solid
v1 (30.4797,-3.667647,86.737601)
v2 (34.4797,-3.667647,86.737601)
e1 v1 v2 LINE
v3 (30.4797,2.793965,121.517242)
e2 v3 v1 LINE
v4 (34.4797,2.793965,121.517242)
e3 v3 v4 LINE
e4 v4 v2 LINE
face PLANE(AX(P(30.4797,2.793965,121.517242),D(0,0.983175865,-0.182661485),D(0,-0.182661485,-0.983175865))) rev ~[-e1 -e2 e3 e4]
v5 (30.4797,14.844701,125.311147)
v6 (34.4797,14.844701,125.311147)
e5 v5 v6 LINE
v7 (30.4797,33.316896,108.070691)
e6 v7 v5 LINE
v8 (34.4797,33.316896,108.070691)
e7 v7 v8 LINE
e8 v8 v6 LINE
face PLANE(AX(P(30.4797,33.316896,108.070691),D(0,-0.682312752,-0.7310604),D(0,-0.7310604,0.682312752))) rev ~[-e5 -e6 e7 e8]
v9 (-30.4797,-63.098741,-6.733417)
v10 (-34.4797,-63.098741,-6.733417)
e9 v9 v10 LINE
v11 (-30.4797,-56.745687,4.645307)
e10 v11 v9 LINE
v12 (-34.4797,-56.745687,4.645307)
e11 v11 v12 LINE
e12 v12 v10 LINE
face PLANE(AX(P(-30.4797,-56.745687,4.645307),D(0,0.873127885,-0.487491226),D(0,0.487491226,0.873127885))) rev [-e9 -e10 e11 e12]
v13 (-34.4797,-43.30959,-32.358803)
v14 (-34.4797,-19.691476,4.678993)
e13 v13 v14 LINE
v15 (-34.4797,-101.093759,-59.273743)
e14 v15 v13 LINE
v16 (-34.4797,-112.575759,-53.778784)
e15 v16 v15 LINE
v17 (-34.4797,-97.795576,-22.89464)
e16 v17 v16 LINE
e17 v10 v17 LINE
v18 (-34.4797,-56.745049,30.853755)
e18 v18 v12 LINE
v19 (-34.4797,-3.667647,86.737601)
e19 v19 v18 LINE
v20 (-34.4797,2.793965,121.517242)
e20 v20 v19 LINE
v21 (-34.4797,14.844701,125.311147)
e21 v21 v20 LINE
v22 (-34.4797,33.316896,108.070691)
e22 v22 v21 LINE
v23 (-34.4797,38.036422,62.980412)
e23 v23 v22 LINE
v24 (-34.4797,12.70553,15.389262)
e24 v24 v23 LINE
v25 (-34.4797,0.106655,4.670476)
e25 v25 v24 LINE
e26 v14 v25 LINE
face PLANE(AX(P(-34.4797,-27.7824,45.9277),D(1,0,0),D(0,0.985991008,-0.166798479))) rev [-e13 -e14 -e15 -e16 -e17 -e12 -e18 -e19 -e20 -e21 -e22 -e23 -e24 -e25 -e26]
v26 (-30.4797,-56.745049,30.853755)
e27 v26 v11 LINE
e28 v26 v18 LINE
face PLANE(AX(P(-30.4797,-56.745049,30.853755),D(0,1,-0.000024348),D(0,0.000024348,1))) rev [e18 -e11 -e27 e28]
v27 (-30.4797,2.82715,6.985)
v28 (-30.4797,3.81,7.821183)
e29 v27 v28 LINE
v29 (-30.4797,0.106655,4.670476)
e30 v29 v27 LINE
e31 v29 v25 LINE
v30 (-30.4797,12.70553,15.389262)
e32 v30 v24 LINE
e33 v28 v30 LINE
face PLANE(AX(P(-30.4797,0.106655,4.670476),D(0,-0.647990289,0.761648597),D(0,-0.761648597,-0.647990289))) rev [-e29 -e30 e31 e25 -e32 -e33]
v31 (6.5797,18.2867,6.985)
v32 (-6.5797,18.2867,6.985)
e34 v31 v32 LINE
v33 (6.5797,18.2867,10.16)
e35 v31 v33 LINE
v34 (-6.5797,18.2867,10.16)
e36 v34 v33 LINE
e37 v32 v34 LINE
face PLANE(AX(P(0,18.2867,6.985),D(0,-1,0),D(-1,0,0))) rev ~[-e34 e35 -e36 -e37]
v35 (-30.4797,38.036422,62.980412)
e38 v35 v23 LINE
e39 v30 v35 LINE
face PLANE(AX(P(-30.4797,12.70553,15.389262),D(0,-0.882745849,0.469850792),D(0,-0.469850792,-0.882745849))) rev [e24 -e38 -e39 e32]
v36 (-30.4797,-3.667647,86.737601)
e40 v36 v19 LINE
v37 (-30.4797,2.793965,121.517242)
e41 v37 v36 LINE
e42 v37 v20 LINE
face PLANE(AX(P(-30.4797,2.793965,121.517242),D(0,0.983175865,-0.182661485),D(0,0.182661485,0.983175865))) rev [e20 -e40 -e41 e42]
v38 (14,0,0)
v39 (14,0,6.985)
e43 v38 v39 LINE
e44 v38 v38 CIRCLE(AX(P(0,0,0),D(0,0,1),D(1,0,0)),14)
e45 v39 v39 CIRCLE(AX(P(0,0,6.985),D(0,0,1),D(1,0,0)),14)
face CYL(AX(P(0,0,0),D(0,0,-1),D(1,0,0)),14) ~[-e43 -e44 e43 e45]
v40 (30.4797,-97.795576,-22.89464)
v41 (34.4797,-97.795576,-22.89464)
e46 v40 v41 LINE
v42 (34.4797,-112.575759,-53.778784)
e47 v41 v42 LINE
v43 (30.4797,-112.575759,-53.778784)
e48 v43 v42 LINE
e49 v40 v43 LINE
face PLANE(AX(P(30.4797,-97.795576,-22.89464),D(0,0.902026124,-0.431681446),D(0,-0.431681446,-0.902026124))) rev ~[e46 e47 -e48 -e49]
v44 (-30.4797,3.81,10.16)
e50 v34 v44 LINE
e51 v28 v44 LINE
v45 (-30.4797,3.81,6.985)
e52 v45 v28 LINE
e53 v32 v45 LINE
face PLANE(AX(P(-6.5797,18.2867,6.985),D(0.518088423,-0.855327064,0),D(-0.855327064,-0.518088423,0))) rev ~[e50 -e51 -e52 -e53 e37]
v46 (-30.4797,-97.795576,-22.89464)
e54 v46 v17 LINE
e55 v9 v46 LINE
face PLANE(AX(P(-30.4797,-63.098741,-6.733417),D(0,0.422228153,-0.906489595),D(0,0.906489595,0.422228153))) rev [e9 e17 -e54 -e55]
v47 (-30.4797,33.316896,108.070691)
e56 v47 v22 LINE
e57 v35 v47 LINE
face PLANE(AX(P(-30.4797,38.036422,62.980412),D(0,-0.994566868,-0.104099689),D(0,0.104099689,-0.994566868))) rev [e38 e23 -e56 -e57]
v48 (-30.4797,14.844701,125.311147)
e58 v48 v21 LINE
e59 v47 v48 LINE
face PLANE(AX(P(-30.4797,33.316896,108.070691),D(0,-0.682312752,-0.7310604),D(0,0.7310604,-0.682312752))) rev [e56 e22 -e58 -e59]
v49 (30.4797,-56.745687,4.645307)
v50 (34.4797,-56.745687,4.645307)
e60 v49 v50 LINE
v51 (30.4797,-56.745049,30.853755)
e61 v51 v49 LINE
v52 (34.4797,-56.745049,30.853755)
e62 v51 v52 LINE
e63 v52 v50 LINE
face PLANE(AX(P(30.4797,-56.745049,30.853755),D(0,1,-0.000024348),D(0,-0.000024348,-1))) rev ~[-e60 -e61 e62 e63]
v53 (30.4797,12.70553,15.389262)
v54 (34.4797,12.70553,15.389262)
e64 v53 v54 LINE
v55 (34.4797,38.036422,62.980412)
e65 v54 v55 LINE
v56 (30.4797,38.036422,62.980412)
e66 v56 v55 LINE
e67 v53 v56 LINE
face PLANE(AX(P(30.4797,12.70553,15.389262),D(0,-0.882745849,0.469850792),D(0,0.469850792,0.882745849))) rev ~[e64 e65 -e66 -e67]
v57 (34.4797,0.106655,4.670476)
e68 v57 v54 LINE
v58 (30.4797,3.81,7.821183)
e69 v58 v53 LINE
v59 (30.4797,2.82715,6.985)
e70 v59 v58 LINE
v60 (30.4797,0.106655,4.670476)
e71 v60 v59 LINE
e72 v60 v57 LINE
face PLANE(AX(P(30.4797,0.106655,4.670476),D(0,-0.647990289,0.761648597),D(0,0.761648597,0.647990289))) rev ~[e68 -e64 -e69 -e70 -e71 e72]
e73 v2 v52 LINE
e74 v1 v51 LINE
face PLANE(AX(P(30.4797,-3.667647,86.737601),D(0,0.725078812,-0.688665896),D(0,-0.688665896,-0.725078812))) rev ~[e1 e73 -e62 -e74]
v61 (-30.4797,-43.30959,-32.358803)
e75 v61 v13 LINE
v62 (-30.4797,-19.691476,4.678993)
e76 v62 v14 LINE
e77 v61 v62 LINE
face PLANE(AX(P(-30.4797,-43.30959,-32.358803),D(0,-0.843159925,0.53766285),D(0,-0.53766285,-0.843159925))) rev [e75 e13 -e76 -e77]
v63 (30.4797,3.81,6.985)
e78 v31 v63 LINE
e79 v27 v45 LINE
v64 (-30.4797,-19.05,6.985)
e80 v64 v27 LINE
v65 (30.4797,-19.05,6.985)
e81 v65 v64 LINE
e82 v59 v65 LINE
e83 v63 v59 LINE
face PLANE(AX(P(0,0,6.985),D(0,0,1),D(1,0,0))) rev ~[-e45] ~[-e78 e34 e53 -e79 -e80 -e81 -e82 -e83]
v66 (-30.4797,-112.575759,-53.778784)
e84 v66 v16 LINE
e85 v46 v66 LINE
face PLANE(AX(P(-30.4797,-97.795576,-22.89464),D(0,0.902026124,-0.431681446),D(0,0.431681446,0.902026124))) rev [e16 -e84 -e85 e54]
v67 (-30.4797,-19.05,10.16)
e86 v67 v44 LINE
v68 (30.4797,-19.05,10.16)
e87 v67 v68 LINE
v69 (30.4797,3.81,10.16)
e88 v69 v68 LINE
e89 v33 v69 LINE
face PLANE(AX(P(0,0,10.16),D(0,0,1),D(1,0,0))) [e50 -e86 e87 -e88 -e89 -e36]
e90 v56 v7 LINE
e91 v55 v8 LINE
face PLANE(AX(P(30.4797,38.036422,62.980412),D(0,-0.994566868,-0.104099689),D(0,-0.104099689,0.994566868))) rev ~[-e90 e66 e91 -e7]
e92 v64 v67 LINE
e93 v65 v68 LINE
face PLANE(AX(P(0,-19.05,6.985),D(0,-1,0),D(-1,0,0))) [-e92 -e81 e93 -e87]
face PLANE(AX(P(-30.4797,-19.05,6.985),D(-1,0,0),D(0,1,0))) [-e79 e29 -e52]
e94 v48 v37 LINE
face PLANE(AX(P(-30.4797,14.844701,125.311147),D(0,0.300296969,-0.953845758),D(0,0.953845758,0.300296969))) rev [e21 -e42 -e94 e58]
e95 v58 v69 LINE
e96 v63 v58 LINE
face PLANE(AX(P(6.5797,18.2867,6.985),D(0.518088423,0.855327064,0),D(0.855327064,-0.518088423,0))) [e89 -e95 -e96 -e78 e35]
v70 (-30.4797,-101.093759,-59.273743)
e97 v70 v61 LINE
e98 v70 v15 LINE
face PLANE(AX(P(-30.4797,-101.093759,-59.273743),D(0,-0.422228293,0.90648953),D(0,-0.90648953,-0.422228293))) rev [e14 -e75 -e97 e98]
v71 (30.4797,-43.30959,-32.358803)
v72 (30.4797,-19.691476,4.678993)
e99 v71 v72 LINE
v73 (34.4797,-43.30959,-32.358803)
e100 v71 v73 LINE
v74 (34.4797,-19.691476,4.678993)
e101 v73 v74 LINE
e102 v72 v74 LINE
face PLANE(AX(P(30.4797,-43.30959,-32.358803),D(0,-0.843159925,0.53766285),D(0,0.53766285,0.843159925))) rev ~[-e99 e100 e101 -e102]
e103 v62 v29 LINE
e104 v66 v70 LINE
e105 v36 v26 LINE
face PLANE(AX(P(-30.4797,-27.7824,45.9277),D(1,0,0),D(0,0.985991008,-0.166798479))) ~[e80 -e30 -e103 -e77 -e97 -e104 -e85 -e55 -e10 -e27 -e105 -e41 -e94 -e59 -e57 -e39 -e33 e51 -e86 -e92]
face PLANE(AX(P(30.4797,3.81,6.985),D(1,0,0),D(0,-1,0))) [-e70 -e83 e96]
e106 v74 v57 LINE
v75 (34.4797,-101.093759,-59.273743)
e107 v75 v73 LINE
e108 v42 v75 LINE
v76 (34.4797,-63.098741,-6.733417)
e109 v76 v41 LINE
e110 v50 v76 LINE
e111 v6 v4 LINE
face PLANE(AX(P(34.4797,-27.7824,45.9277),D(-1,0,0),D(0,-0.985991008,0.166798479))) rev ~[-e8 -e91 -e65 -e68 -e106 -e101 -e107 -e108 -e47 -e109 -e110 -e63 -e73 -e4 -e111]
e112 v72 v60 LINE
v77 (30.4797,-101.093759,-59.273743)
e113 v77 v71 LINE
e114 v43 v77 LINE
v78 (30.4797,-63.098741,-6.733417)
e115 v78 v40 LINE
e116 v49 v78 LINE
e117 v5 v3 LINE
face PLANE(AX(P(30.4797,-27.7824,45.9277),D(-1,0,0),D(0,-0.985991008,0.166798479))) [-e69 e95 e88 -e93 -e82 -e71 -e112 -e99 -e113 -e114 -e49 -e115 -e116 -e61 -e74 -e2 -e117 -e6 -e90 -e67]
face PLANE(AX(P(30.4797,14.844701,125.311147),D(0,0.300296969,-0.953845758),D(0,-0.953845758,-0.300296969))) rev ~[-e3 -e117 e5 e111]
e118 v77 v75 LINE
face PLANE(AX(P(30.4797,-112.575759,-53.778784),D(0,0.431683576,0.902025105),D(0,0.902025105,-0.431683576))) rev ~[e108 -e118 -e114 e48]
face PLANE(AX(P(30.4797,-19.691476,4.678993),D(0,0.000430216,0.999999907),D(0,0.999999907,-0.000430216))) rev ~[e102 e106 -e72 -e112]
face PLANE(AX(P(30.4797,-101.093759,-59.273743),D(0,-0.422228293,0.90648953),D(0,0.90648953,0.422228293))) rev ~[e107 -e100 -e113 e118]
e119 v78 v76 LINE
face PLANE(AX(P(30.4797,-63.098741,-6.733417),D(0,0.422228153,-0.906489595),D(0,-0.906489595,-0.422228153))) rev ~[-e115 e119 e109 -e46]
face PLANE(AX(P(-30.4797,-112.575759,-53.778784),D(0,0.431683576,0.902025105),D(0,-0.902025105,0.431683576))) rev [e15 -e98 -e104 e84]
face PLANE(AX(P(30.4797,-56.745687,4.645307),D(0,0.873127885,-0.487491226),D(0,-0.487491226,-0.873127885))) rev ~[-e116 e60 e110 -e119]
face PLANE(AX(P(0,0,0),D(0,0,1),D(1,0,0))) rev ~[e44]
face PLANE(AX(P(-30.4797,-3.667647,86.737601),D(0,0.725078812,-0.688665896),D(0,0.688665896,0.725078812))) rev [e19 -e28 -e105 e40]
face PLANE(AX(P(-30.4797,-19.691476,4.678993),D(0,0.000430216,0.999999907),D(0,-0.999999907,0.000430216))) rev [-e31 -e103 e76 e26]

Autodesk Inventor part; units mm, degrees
sketch "Sketch1" plane through (0, 0, 0) normal (0, 0, 1) x (1, 0, 0)
  circle A0 centre (0, 0) radius 14
  arc A1 (-9.6844, 3.0721) -> (-9.6844, -3.0721) centre (0, 0) ccw construction
  circle A2 centre (0, 0) radius 14
ref_plane "Work Plane1" through (-24.1297, -20.1241, 6.985) normal (0, 0, -1) x (0, 1, 0)
extrude "Extrusion1" add sketch "Sketch1" along normal up to surface (6.985 mm away)
sketch "Sketch2" plane through (0, 0, 6.985) normal (0, 0, 1) x (1, 0, 0)
  line L0 (24.1297, -19.05) -> (-24.1297, -19.05) construction
  line L1 (30.4797, -4.9571) -> (30.4797, -51.5313) construction
  line L2 (-30.4797, -51.5313) -> (-30.4797, -4.9571) construction
  line L3 (-6.5797, 18.2867) -> (-30.4797, 3.81)
  line L4 (6.5797, 18.2867) -> (30.4797, 3.81)
  line L5 (30.4797, 3.81) -> (30.4797, -19.05)
  line L6 (30.4797, -19.05) -> (-30.4797, -19.05)
  line L7 (-30.4797, -19.05) -> (-30.4797, 3.81)
  line L8 (0, 141.501) -> (0, -68.047)
  arc A0 (6.5797, 18.2867) -> (-6.5797, 18.2867) centre (0, 7.4241) ccw construction
  line L9 (6.5797, 18.2867) -> (24.1297, 7.6563) construction
  line L10 (-24.1297, 7.6563) -> (-6.5797, 18.2867) construction
  line L11 (6.5797, 18.2867) -> (-6.5797, 18.2867)
  point P0 (0, 0)
  point P1 (0, -5.2759)
  point P2 (-30.4797, 16.6942)
  point P3 (-5.3196, -19.05)
ref_plane "Work Plane2" through (-24.1297, -20.1241, 10.16) normal (0, 0, 1) x (1, 0, 0)
extrude "Extrusion2" add sketch "Sketch2" along normal up to surface (3.175 mm away)
ref_plane "Work Plane3" through (30.4797, -27.7824, 45.9277) normal (-1, 0, 0) x (0, -0.986, 0.1668)
sketch "Sketch3" plane through (30.4797, -27.7824, 45.9277) normal (-1, 0, 0) x (0, -0.986, 0.1668)
  line L0 (-47.9068, 72.7646) -> (-31.8636, 83.3523) construction
  line L1 (-25.5087, 83.7046) -> (-20.9193, 81.3584) construction
  line L2 (-17.4786, 75.8356) -> (-17.0001, 46.1314) construction
  line L3 (-61.535, 29.6482) -> (-50.5122, 69.1886) construction
  line L4 (-45.3902, -22.2294) -> (-61.4405, 25.9552) construction
  line L5 (-15.9257, 42.7078) -> (21.8176, -13.4116) construction
  line L6 (24.78, -27.1582) -> (21.9473, -43.9057) construction
  line L7 (-18.293, -38.7417) -> (-32.0753, -36.4163) construction
  line L8 (-35.8826, -34.2371) -> (-44.4025, -24.0864) construction
  line L9 (1.5345, -78.0839) -> (-13.5009, -42.5299) construction
  line L10 (52.2811, -114.2632) -> (3.7676, -80.8246) construction
  line L11 (22.2253, -47.0922) -> (25.3496, -55.8788) construction
  line L12 (27.7289, -58.9798) -> (55.688, -78.2509) construction
  line L13 (58.1761, -81.7138) -> (65.2363, -106.3801) construction
  line L14 (60.9015, -114.1914) -> (57.6044, -115.1351) construction
  line L15 (-49.878, 71.4637) -> (-28.7889, 85.3815)
  line L16 (-28.7889, 85.3815) -> (-17.5398, 79.6307)
  line L17 (-17.5398, 79.6307) -> (-16.9699, 44.2605)
  line L18 (-16.9699, 44.2605) -> (26.0426, -19.6937)
  line L19 (26.0426, -19.6937) -> (21.6717, -45.5351)
  line L20 (21.6717, -45.5351) -> (26.0378, -57.8141)
  line L21 (26.0378, -57.8141) -> (57.5529, -79.5363)
  line L22 (57.5529, -79.5363) -> (66.9746, -112.4531)
  line L23 (66.9746, -112.4531) -> (54.7369, -115.9559)
  line L24 (54.7369, -115.9559) -> (2.2516, -79.7797)
  line L25 (2.2516, -79.7797) -> (-14.8578, -39.3213)
  line L26 (-14.8578, -39.3213) -> (-34.38, -36.0274)
  line L27 (-34.38, -36.0274) -> (-45.0145, -23.3573)
  line L28 (-45.0145, -23.3573) -> (-62.0524, 27.7923)
  line L29 (-62.0524, 27.7923) -> (-49.878, 71.4637)
  point P0 (-35.053, -40.651)
  point P1 (21.6748, -26.5696)
  point P2 (-49.9314, -21.2415)
  point P3 (-37.7332, 79.4786)
ref_plane "Work Plane4" through (-33.6547, -38.1116, -58.8269) normal (-1, 0, 0) x (0, 0.0012, 1)
extrude "Extrusion4" add sketch "Sketch3" against normal blind 4
mirror "Mirror1" about plane through (0, 0, 0) normal (1, 0, 0) of "Extrusion4"
properties part number "ShoulderCollision"
